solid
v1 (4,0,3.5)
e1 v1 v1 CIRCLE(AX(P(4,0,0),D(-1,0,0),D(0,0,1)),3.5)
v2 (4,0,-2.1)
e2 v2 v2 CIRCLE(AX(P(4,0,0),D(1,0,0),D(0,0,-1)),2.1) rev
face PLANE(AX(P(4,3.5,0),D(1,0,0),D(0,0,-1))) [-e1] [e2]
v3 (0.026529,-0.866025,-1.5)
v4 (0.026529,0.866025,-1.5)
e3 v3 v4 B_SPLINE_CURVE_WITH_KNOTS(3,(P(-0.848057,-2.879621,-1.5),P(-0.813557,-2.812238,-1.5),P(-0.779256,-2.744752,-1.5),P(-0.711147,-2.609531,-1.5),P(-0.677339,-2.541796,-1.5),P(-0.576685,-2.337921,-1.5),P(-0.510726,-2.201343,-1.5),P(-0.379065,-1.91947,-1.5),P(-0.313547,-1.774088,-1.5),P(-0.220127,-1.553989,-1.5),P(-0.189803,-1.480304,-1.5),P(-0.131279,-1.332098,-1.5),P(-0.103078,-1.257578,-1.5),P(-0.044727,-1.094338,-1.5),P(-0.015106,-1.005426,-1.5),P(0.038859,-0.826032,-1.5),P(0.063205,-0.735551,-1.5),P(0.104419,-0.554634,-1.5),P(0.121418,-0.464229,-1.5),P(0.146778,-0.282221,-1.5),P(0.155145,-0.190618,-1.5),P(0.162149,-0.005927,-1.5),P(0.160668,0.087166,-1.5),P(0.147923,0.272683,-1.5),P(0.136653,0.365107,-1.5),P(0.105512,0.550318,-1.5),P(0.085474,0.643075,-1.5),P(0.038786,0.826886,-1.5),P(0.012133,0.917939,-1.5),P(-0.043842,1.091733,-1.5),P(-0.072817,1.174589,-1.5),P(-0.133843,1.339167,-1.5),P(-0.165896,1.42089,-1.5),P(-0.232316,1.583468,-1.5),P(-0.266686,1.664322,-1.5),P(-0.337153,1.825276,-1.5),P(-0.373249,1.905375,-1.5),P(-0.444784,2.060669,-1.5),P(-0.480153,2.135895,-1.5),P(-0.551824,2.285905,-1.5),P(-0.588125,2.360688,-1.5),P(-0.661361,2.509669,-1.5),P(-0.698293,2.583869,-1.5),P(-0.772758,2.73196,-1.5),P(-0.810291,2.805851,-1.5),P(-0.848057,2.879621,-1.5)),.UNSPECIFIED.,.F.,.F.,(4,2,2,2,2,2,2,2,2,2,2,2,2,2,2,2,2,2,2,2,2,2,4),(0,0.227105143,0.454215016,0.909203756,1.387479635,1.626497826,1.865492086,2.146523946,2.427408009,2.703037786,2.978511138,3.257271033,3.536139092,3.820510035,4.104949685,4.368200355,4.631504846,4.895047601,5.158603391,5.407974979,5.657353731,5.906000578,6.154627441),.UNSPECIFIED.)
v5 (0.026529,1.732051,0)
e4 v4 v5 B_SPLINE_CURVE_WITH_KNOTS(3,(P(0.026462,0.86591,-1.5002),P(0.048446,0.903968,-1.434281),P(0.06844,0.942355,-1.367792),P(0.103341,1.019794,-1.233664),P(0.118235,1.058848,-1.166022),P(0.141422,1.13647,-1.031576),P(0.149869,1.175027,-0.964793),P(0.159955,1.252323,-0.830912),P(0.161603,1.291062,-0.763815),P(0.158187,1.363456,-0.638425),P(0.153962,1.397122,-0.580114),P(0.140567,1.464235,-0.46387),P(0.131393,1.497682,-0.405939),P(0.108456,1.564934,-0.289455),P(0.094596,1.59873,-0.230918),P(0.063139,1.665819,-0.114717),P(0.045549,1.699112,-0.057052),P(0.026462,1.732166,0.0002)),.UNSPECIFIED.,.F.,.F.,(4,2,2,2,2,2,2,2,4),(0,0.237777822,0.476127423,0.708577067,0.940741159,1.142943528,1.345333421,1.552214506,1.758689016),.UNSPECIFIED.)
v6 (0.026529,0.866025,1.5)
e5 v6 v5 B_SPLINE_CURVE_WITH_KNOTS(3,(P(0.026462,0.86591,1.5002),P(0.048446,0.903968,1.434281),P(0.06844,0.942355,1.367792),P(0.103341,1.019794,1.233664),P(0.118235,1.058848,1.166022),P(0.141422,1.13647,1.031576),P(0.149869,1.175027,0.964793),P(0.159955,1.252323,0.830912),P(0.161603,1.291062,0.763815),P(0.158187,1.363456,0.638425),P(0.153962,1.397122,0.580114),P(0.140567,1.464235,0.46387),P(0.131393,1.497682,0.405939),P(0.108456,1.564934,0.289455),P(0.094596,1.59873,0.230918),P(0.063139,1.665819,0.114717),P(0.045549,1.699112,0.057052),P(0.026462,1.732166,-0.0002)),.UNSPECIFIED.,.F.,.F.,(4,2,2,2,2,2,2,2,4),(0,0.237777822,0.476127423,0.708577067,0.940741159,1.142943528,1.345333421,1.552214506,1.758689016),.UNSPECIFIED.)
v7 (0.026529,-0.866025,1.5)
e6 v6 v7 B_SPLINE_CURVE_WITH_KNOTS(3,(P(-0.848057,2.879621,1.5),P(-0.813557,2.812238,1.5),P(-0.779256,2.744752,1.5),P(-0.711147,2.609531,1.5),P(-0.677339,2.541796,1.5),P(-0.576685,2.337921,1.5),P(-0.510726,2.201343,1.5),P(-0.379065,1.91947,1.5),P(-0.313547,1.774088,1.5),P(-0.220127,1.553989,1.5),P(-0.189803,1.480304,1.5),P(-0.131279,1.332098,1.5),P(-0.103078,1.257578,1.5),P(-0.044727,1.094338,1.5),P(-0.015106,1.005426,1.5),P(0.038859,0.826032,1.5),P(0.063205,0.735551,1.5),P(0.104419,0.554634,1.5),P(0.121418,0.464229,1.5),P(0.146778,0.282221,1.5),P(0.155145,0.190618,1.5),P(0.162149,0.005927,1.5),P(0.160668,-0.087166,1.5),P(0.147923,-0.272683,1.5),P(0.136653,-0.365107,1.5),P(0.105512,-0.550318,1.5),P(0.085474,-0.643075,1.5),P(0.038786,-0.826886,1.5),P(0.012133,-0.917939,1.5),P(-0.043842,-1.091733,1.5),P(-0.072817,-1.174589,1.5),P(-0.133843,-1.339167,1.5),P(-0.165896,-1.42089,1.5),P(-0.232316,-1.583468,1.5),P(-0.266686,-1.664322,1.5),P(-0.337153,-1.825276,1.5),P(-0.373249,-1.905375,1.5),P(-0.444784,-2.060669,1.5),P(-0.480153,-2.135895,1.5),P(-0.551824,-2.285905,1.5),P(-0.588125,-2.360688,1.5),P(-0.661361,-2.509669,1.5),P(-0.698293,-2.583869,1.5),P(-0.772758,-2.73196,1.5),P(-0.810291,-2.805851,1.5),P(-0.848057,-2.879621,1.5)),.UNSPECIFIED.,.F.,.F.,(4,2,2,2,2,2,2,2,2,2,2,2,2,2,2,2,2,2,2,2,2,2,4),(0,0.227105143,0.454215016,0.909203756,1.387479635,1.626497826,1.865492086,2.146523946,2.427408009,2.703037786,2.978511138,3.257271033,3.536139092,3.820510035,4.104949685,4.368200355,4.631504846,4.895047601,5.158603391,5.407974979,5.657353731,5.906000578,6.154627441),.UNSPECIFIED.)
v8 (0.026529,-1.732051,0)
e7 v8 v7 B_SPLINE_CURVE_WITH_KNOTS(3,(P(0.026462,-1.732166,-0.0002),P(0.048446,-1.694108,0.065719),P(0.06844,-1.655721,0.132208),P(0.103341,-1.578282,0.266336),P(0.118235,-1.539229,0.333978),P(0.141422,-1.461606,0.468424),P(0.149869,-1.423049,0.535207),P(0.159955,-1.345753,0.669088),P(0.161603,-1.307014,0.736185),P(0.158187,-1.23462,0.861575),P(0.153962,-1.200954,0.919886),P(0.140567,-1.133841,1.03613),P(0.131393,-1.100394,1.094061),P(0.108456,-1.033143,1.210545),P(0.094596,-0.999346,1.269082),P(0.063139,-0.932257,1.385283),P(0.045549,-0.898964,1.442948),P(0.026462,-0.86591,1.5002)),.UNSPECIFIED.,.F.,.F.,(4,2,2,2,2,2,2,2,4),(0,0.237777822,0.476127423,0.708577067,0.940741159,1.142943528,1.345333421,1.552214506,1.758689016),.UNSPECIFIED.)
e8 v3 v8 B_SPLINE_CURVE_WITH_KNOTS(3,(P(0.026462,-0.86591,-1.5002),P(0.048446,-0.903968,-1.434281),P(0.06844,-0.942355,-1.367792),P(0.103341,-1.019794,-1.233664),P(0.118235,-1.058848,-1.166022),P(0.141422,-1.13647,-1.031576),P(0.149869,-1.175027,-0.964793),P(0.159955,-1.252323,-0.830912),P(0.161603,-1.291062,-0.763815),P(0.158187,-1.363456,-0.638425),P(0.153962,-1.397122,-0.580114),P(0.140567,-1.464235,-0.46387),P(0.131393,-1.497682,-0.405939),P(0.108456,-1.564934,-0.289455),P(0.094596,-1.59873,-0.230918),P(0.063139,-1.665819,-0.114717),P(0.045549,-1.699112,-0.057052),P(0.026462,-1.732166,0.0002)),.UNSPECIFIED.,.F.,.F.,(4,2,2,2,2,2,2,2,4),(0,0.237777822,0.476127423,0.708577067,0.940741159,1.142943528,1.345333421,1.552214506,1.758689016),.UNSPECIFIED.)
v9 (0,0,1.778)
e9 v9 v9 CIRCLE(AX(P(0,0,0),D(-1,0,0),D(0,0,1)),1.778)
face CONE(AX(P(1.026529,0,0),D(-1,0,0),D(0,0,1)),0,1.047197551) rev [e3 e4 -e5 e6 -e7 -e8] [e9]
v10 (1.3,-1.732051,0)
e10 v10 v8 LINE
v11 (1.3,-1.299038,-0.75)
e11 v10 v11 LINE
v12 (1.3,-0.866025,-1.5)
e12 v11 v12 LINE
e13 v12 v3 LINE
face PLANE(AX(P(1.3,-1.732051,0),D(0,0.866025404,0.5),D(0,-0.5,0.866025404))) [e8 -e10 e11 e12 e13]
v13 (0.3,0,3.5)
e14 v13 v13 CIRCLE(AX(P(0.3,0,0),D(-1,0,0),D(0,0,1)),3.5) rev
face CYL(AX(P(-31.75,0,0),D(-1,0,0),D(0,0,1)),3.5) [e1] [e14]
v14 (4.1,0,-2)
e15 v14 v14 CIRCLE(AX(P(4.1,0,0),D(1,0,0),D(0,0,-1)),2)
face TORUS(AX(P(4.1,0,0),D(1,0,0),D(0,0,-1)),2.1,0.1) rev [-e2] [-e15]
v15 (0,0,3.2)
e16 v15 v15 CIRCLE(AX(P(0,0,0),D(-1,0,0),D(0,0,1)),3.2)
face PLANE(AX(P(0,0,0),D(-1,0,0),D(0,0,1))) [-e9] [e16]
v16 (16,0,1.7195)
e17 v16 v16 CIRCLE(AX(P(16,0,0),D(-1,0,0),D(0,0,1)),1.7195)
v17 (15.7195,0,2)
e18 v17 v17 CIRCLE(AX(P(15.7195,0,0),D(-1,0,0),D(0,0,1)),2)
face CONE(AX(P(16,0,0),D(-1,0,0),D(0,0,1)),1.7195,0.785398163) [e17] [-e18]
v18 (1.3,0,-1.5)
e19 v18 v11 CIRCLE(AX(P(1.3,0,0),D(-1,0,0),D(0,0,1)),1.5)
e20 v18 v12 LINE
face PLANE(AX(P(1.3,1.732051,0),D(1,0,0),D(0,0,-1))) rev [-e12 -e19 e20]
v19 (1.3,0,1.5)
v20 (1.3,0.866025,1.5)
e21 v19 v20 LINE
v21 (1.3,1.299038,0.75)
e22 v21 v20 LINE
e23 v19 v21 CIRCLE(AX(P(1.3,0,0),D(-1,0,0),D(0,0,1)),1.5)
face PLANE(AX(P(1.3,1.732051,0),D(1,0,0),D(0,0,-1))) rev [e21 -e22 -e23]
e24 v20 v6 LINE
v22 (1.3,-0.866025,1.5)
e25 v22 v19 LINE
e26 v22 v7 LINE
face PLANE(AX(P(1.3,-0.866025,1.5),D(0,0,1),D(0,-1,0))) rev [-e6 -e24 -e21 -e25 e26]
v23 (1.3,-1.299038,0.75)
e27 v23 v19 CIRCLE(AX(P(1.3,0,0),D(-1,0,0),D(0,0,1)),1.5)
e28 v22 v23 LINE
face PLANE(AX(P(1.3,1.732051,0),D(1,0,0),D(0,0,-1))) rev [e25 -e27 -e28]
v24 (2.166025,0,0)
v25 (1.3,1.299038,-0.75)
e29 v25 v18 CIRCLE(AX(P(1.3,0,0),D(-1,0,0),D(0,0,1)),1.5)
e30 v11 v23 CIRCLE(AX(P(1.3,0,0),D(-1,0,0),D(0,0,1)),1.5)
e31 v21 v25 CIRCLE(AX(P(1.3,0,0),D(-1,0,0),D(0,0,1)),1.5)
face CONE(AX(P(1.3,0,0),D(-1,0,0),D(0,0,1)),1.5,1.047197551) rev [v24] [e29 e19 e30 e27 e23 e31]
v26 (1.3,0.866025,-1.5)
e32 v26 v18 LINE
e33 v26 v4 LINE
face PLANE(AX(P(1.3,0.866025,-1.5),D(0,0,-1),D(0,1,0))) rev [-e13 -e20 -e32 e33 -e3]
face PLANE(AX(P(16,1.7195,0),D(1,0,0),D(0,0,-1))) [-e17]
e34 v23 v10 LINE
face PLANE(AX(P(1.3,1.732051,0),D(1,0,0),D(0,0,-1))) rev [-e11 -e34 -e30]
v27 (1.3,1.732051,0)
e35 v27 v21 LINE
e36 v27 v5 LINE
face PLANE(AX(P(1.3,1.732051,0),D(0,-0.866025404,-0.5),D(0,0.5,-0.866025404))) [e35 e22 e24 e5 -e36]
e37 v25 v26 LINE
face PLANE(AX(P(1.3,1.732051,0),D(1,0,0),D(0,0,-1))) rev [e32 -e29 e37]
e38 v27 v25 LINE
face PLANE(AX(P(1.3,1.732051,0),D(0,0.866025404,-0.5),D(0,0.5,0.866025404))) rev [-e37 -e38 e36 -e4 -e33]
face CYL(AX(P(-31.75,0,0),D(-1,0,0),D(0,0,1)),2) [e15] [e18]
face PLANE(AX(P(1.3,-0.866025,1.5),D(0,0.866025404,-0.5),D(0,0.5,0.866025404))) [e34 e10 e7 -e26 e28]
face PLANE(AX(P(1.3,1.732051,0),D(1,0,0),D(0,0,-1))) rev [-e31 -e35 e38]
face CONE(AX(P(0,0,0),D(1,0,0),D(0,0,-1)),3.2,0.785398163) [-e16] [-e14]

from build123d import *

# Parameters (mm, degrees)
FILLET1_R     = 0.1
HEX_2_DEPTH   = 1.3
CHAMFER1_SIZE = 0.3


with BuildPart() as part:
    # BodySke → Base-Revolve (revolve)
    with BuildSketch(Plane.XY, mode=Mode.PRIVATE) as base_revolve_sk:
        Polygon((0, 0), (0, 3.5), (4, 3.5), (4, 2), (15.7195, 2), (16, 1.7195), (16, 0), align=None)
    revolve(base_revolve_sk.sketch.rotate(Axis((-31.75, 0, 0), (1, 0, 0)), 90), axis=Axis((-31.75, 0, 0), (1, 0, 0)))

    # Fillet1
    fillet1_edges = [part.edges().sort_by_distance(p)[0] for p in [
        (4, 0, -2),
    ]]
    fillet(fillet1_edges, radius=FILLET1_R)

    # Sketch2 → Hex-PreBroach (revolve, cut)
    with BuildSketch(Plane.XY, mode=Mode.PRIVATE) as hex_prebroach_sk:
        Polygon((0, 1.5), (1.3, 1.5), (2.166025404, 0), (0, 0), align=None)
    revolve(hex_prebroach_sk.sketch.rotate(Axis((0, 0, 0), (1, 0, 0)), 90), axis=Axis((0, 0, 0), (1, 0, 0)), mode=Mode.SUBTRACT)

    # Sketch3 → Hex 2 (cut)
    with BuildSketch(Plane(origin=(0, 0, 0), x_dir=(0, 0.500000000000001, 0.866025403784438), z_dir=(-1, 0, 0))):
        Polygon((0.866025404, 1.5), (-0.866025404, 1.5), (-1.732050808, 0), (-0.866025404, -1.5), (0.866025404, -1.5), (1.732050808, 0), align=None)
    extrude(amount=-HEX_2_DEPTH, mode=Mode.SUBTRACT)

    # Chamfer1
    chamfer1_edges = [part.edges().sort_by_distance(p)[0] for p in [
        (0, 0, -3.5),
    ]]
    chamfer(chamfer1_edges, length=CHAMFER1_SIZE)

    # Sketch4 → Cut-Revolve1 (revolve, cut)
    with BuildSketch(Plane(origin=(0, 0, 0), x_dir=(1, 0, 0), z_dir=(0, 1, 0))):
        Polygon((0, 1.778), (1.026528779, 0), (0, 0), align=None)
    revolve(axis=Axis((1.026528779, 0, 0), (1, 0, 0)), mode=Mode.SUBTRACT)


solid = part.part
